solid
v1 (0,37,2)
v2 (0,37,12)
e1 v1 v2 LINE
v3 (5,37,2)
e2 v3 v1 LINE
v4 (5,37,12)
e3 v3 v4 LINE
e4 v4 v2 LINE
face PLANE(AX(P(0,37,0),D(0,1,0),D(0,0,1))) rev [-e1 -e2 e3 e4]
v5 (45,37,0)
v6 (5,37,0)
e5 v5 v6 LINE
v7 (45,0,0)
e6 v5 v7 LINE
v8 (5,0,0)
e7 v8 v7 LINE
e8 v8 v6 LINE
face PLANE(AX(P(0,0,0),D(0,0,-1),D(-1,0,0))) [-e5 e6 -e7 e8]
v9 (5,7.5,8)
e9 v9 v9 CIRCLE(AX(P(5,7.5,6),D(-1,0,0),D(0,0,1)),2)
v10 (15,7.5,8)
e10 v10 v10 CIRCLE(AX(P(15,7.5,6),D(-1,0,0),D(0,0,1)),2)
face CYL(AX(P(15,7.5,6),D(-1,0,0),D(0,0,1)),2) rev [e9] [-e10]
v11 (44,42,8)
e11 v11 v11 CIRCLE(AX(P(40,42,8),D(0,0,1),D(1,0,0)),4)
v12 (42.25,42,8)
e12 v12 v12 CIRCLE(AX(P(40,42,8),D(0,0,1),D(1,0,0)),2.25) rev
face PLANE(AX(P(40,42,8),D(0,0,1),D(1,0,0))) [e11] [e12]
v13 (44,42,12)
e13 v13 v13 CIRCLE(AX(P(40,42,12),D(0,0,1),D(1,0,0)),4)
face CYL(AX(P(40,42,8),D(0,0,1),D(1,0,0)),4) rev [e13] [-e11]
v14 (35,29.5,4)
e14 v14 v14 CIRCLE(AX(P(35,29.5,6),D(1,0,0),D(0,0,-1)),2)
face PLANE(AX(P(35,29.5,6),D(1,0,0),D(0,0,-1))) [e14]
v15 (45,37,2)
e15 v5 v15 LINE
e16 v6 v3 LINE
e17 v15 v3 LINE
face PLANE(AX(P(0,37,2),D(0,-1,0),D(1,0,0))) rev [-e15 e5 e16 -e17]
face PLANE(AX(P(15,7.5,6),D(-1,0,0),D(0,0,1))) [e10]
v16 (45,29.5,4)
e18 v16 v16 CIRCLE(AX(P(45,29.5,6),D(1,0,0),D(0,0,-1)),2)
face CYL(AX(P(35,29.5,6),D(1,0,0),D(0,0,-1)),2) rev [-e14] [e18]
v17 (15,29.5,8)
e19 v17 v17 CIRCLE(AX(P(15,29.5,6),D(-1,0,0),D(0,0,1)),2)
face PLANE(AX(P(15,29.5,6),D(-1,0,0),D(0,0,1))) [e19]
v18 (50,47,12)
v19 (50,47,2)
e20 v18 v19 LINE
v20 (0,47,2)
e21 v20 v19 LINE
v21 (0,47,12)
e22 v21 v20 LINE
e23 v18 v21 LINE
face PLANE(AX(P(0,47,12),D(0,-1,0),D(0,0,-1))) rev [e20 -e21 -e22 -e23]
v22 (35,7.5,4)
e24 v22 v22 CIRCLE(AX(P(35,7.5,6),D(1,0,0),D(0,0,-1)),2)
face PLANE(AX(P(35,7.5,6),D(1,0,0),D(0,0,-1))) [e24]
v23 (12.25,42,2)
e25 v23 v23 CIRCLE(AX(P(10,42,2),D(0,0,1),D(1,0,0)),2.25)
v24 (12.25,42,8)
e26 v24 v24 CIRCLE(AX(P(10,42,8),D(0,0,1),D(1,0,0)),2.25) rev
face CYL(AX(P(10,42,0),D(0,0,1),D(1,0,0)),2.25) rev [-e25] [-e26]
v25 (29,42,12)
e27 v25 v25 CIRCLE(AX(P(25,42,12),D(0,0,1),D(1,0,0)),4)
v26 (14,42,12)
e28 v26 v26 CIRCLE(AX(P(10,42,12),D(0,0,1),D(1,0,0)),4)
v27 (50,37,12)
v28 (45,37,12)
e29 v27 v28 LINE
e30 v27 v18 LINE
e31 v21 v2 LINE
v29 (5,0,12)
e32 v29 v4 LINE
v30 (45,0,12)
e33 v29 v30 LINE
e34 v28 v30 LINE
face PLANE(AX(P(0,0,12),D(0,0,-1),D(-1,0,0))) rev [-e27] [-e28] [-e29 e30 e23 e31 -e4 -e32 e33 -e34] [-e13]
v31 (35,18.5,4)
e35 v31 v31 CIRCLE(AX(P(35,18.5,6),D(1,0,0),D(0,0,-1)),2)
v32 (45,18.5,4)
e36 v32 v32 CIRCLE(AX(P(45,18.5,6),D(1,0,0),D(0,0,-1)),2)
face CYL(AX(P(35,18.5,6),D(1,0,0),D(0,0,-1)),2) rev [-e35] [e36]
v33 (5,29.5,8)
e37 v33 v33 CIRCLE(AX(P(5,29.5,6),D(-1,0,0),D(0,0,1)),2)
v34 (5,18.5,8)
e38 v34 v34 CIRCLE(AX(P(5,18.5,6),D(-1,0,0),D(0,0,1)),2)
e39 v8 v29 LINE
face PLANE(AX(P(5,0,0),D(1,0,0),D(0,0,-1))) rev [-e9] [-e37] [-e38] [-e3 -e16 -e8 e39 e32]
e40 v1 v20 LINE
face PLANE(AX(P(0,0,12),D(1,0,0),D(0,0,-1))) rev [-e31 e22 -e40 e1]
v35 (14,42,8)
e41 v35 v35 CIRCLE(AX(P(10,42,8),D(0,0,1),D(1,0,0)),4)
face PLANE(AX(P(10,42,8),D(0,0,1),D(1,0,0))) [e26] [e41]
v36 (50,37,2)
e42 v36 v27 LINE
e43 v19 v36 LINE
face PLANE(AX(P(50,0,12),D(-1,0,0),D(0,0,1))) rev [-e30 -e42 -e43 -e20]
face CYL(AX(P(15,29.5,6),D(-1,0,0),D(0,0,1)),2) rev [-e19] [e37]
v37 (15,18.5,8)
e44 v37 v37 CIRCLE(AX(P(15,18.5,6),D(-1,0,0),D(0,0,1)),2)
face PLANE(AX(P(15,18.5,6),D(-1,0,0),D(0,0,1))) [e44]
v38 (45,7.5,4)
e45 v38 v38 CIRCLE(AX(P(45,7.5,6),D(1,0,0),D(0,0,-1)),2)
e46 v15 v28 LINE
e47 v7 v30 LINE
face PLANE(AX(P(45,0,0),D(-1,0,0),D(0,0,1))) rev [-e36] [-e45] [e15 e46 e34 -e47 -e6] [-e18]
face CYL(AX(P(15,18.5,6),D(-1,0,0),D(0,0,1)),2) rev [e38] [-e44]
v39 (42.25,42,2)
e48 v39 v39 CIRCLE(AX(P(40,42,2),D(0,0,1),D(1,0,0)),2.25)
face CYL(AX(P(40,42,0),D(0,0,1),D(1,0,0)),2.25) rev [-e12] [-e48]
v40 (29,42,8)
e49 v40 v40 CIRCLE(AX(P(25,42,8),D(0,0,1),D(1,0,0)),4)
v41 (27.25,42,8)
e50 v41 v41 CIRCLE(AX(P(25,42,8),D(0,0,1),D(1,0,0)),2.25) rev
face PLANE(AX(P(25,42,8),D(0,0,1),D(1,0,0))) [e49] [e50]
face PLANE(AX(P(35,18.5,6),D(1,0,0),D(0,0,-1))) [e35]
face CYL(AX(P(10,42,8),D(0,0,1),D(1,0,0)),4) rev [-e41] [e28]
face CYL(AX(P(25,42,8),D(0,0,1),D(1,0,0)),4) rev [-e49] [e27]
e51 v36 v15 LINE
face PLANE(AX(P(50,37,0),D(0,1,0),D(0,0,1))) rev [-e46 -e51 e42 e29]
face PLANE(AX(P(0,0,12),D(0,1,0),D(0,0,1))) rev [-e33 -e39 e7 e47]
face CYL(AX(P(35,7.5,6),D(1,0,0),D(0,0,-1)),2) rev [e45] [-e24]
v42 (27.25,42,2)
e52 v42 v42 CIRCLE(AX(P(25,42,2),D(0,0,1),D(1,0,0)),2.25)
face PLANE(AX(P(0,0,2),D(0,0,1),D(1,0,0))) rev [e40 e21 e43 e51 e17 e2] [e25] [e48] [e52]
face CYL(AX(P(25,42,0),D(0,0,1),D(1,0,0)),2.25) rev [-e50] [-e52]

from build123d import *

# Parameters (mm, degrees)
SKETCH_1_W          = 50
SKETCH_1_H          = 47
EXTRUDE_1_DEPTH     = 12
SKETCH_2_W          = 50
SKETCH_2_H          = 10
CUT_EXTRUDE_1_DEPTH = 2
SKETCH_3_R          = 2.25
CUT_EXTRUDE_2_DEPTH = 70.663476801
SKETCH_4_W          = 5
SKETCH_4_H          = 37
CUT_EXTRUDE_3_DEPTH = 70.663476801
SKETCH_5_R          = 2
CUT_EXTRUDE_4_DEPTH = 10
CUT_EXTRUDE_START   = -10
SKETCH_6_R          = 2
CUT_EXTRUDE_5_DEPTH = 10
SKETCH_7_R          = 4
CUT_EXTRUDE_6_DEPTH = 4


with BuildPart() as part:
    # 스케치1 → 보스-돌출1 (new body)
    with BuildSketch(Plane.XY):
        with Locations((25, 23.5)):
            Rectangle(SKETCH_1_W, SKETCH_1_H)
    extrude(amount=EXTRUDE_1_DEPTH)

    # 스케치2 → 컷-돌출1 (cut)
    with BuildSketch(Plane(origin=(0, 0, 0), x_dir=(-1, 0, 0), z_dir=(0, 0, -1))):
        with Locations((-25, 42)):
            Rectangle(SKETCH_2_W, SKETCH_2_H)
    extrude(amount=-CUT_EXTRUDE_1_DEPTH, mode=Mode.SUBTRACT)

    # 스케치3 → 컷-돌출2 (cut, through all)
    with BuildSketch(Plane.XY.offset(12)):
        with Locations((25, 42)):
            Circle(SKETCH_3_R)
        with Locations((40, 42)):
            Circle(SKETCH_3_R)
        with Locations((10, 42)):
            Circle(SKETCH_3_R)
    extrude(amount=-CUT_EXTRUDE_2_DEPTH, mode=Mode.SUBTRACT)

    # 스케치4 → 컷-돌출3 (cut, through all)
    with BuildSketch(Plane.XY.offset(12)):
        with Locations((2.5, 18.5)):
            Rectangle(SKETCH_4_W, SKETCH_4_H)
        with Locations((47.5, 18.5)):
            Rectangle(SKETCH_4_W, SKETCH_4_H)
    extrude(amount=-CUT_EXTRUDE_3_DEPTH, mode=Mode.SUBTRACT)

    # 스케치5 → 컷-돌출4 (cut)
    with BuildSketch(Plane(origin=(45, 0, 0), x_dir=(0, 0, -1), z_dir=(1, 0, 0))):
        with Locations((-6, 29.5)):
            Circle(SKETCH_5_R)
        with Locations((-6, 18.5)):
            Circle(SKETCH_5_R)
        with Locations((-6, 7.5)):
            Circle(SKETCH_5_R)
    extrude(amount=-CUT_EXTRUDE_4_DEPTH, mode=Mode.SUBTRACT)

    # 스케치6 → 컷-돌출5 (cut)
    with BuildSketch(Plane.ZY.offset(-5).offset(CUT_EXTRUDE_START)):
        with Locations(Location((6, 29.5, 0), (0, 0, 180))):
            Circle(SKETCH_6_R)
        with Locations(Location((6, 18.5, 0), (0, 0, 180))):
            Circle(SKETCH_6_R)
        with Locations(Location((6, 7.5, 0), (0, 0, 180))):
            Circle(SKETCH_6_R)
    extrude(amount=CUT_EXTRUDE_5_DEPTH, mode=Mode.SUBTRACT)

    # 스케치7 → 컷-돌출6 (cut)
    with BuildSketch(Plane.XY.offset(12)):
        with Locations((10, 42)):
            Circle(SKETCH_7_R)
        with Locations((25, 42)):
            Circle(SKETCH_7_R)
        with Locations((40, 42)):
            Circle(SKETCH_7_R)
    extrude(amount=-CUT_EXTRUDE_6_DEPTH, mode=Mode.SUBTRACT)


solid = part.part
